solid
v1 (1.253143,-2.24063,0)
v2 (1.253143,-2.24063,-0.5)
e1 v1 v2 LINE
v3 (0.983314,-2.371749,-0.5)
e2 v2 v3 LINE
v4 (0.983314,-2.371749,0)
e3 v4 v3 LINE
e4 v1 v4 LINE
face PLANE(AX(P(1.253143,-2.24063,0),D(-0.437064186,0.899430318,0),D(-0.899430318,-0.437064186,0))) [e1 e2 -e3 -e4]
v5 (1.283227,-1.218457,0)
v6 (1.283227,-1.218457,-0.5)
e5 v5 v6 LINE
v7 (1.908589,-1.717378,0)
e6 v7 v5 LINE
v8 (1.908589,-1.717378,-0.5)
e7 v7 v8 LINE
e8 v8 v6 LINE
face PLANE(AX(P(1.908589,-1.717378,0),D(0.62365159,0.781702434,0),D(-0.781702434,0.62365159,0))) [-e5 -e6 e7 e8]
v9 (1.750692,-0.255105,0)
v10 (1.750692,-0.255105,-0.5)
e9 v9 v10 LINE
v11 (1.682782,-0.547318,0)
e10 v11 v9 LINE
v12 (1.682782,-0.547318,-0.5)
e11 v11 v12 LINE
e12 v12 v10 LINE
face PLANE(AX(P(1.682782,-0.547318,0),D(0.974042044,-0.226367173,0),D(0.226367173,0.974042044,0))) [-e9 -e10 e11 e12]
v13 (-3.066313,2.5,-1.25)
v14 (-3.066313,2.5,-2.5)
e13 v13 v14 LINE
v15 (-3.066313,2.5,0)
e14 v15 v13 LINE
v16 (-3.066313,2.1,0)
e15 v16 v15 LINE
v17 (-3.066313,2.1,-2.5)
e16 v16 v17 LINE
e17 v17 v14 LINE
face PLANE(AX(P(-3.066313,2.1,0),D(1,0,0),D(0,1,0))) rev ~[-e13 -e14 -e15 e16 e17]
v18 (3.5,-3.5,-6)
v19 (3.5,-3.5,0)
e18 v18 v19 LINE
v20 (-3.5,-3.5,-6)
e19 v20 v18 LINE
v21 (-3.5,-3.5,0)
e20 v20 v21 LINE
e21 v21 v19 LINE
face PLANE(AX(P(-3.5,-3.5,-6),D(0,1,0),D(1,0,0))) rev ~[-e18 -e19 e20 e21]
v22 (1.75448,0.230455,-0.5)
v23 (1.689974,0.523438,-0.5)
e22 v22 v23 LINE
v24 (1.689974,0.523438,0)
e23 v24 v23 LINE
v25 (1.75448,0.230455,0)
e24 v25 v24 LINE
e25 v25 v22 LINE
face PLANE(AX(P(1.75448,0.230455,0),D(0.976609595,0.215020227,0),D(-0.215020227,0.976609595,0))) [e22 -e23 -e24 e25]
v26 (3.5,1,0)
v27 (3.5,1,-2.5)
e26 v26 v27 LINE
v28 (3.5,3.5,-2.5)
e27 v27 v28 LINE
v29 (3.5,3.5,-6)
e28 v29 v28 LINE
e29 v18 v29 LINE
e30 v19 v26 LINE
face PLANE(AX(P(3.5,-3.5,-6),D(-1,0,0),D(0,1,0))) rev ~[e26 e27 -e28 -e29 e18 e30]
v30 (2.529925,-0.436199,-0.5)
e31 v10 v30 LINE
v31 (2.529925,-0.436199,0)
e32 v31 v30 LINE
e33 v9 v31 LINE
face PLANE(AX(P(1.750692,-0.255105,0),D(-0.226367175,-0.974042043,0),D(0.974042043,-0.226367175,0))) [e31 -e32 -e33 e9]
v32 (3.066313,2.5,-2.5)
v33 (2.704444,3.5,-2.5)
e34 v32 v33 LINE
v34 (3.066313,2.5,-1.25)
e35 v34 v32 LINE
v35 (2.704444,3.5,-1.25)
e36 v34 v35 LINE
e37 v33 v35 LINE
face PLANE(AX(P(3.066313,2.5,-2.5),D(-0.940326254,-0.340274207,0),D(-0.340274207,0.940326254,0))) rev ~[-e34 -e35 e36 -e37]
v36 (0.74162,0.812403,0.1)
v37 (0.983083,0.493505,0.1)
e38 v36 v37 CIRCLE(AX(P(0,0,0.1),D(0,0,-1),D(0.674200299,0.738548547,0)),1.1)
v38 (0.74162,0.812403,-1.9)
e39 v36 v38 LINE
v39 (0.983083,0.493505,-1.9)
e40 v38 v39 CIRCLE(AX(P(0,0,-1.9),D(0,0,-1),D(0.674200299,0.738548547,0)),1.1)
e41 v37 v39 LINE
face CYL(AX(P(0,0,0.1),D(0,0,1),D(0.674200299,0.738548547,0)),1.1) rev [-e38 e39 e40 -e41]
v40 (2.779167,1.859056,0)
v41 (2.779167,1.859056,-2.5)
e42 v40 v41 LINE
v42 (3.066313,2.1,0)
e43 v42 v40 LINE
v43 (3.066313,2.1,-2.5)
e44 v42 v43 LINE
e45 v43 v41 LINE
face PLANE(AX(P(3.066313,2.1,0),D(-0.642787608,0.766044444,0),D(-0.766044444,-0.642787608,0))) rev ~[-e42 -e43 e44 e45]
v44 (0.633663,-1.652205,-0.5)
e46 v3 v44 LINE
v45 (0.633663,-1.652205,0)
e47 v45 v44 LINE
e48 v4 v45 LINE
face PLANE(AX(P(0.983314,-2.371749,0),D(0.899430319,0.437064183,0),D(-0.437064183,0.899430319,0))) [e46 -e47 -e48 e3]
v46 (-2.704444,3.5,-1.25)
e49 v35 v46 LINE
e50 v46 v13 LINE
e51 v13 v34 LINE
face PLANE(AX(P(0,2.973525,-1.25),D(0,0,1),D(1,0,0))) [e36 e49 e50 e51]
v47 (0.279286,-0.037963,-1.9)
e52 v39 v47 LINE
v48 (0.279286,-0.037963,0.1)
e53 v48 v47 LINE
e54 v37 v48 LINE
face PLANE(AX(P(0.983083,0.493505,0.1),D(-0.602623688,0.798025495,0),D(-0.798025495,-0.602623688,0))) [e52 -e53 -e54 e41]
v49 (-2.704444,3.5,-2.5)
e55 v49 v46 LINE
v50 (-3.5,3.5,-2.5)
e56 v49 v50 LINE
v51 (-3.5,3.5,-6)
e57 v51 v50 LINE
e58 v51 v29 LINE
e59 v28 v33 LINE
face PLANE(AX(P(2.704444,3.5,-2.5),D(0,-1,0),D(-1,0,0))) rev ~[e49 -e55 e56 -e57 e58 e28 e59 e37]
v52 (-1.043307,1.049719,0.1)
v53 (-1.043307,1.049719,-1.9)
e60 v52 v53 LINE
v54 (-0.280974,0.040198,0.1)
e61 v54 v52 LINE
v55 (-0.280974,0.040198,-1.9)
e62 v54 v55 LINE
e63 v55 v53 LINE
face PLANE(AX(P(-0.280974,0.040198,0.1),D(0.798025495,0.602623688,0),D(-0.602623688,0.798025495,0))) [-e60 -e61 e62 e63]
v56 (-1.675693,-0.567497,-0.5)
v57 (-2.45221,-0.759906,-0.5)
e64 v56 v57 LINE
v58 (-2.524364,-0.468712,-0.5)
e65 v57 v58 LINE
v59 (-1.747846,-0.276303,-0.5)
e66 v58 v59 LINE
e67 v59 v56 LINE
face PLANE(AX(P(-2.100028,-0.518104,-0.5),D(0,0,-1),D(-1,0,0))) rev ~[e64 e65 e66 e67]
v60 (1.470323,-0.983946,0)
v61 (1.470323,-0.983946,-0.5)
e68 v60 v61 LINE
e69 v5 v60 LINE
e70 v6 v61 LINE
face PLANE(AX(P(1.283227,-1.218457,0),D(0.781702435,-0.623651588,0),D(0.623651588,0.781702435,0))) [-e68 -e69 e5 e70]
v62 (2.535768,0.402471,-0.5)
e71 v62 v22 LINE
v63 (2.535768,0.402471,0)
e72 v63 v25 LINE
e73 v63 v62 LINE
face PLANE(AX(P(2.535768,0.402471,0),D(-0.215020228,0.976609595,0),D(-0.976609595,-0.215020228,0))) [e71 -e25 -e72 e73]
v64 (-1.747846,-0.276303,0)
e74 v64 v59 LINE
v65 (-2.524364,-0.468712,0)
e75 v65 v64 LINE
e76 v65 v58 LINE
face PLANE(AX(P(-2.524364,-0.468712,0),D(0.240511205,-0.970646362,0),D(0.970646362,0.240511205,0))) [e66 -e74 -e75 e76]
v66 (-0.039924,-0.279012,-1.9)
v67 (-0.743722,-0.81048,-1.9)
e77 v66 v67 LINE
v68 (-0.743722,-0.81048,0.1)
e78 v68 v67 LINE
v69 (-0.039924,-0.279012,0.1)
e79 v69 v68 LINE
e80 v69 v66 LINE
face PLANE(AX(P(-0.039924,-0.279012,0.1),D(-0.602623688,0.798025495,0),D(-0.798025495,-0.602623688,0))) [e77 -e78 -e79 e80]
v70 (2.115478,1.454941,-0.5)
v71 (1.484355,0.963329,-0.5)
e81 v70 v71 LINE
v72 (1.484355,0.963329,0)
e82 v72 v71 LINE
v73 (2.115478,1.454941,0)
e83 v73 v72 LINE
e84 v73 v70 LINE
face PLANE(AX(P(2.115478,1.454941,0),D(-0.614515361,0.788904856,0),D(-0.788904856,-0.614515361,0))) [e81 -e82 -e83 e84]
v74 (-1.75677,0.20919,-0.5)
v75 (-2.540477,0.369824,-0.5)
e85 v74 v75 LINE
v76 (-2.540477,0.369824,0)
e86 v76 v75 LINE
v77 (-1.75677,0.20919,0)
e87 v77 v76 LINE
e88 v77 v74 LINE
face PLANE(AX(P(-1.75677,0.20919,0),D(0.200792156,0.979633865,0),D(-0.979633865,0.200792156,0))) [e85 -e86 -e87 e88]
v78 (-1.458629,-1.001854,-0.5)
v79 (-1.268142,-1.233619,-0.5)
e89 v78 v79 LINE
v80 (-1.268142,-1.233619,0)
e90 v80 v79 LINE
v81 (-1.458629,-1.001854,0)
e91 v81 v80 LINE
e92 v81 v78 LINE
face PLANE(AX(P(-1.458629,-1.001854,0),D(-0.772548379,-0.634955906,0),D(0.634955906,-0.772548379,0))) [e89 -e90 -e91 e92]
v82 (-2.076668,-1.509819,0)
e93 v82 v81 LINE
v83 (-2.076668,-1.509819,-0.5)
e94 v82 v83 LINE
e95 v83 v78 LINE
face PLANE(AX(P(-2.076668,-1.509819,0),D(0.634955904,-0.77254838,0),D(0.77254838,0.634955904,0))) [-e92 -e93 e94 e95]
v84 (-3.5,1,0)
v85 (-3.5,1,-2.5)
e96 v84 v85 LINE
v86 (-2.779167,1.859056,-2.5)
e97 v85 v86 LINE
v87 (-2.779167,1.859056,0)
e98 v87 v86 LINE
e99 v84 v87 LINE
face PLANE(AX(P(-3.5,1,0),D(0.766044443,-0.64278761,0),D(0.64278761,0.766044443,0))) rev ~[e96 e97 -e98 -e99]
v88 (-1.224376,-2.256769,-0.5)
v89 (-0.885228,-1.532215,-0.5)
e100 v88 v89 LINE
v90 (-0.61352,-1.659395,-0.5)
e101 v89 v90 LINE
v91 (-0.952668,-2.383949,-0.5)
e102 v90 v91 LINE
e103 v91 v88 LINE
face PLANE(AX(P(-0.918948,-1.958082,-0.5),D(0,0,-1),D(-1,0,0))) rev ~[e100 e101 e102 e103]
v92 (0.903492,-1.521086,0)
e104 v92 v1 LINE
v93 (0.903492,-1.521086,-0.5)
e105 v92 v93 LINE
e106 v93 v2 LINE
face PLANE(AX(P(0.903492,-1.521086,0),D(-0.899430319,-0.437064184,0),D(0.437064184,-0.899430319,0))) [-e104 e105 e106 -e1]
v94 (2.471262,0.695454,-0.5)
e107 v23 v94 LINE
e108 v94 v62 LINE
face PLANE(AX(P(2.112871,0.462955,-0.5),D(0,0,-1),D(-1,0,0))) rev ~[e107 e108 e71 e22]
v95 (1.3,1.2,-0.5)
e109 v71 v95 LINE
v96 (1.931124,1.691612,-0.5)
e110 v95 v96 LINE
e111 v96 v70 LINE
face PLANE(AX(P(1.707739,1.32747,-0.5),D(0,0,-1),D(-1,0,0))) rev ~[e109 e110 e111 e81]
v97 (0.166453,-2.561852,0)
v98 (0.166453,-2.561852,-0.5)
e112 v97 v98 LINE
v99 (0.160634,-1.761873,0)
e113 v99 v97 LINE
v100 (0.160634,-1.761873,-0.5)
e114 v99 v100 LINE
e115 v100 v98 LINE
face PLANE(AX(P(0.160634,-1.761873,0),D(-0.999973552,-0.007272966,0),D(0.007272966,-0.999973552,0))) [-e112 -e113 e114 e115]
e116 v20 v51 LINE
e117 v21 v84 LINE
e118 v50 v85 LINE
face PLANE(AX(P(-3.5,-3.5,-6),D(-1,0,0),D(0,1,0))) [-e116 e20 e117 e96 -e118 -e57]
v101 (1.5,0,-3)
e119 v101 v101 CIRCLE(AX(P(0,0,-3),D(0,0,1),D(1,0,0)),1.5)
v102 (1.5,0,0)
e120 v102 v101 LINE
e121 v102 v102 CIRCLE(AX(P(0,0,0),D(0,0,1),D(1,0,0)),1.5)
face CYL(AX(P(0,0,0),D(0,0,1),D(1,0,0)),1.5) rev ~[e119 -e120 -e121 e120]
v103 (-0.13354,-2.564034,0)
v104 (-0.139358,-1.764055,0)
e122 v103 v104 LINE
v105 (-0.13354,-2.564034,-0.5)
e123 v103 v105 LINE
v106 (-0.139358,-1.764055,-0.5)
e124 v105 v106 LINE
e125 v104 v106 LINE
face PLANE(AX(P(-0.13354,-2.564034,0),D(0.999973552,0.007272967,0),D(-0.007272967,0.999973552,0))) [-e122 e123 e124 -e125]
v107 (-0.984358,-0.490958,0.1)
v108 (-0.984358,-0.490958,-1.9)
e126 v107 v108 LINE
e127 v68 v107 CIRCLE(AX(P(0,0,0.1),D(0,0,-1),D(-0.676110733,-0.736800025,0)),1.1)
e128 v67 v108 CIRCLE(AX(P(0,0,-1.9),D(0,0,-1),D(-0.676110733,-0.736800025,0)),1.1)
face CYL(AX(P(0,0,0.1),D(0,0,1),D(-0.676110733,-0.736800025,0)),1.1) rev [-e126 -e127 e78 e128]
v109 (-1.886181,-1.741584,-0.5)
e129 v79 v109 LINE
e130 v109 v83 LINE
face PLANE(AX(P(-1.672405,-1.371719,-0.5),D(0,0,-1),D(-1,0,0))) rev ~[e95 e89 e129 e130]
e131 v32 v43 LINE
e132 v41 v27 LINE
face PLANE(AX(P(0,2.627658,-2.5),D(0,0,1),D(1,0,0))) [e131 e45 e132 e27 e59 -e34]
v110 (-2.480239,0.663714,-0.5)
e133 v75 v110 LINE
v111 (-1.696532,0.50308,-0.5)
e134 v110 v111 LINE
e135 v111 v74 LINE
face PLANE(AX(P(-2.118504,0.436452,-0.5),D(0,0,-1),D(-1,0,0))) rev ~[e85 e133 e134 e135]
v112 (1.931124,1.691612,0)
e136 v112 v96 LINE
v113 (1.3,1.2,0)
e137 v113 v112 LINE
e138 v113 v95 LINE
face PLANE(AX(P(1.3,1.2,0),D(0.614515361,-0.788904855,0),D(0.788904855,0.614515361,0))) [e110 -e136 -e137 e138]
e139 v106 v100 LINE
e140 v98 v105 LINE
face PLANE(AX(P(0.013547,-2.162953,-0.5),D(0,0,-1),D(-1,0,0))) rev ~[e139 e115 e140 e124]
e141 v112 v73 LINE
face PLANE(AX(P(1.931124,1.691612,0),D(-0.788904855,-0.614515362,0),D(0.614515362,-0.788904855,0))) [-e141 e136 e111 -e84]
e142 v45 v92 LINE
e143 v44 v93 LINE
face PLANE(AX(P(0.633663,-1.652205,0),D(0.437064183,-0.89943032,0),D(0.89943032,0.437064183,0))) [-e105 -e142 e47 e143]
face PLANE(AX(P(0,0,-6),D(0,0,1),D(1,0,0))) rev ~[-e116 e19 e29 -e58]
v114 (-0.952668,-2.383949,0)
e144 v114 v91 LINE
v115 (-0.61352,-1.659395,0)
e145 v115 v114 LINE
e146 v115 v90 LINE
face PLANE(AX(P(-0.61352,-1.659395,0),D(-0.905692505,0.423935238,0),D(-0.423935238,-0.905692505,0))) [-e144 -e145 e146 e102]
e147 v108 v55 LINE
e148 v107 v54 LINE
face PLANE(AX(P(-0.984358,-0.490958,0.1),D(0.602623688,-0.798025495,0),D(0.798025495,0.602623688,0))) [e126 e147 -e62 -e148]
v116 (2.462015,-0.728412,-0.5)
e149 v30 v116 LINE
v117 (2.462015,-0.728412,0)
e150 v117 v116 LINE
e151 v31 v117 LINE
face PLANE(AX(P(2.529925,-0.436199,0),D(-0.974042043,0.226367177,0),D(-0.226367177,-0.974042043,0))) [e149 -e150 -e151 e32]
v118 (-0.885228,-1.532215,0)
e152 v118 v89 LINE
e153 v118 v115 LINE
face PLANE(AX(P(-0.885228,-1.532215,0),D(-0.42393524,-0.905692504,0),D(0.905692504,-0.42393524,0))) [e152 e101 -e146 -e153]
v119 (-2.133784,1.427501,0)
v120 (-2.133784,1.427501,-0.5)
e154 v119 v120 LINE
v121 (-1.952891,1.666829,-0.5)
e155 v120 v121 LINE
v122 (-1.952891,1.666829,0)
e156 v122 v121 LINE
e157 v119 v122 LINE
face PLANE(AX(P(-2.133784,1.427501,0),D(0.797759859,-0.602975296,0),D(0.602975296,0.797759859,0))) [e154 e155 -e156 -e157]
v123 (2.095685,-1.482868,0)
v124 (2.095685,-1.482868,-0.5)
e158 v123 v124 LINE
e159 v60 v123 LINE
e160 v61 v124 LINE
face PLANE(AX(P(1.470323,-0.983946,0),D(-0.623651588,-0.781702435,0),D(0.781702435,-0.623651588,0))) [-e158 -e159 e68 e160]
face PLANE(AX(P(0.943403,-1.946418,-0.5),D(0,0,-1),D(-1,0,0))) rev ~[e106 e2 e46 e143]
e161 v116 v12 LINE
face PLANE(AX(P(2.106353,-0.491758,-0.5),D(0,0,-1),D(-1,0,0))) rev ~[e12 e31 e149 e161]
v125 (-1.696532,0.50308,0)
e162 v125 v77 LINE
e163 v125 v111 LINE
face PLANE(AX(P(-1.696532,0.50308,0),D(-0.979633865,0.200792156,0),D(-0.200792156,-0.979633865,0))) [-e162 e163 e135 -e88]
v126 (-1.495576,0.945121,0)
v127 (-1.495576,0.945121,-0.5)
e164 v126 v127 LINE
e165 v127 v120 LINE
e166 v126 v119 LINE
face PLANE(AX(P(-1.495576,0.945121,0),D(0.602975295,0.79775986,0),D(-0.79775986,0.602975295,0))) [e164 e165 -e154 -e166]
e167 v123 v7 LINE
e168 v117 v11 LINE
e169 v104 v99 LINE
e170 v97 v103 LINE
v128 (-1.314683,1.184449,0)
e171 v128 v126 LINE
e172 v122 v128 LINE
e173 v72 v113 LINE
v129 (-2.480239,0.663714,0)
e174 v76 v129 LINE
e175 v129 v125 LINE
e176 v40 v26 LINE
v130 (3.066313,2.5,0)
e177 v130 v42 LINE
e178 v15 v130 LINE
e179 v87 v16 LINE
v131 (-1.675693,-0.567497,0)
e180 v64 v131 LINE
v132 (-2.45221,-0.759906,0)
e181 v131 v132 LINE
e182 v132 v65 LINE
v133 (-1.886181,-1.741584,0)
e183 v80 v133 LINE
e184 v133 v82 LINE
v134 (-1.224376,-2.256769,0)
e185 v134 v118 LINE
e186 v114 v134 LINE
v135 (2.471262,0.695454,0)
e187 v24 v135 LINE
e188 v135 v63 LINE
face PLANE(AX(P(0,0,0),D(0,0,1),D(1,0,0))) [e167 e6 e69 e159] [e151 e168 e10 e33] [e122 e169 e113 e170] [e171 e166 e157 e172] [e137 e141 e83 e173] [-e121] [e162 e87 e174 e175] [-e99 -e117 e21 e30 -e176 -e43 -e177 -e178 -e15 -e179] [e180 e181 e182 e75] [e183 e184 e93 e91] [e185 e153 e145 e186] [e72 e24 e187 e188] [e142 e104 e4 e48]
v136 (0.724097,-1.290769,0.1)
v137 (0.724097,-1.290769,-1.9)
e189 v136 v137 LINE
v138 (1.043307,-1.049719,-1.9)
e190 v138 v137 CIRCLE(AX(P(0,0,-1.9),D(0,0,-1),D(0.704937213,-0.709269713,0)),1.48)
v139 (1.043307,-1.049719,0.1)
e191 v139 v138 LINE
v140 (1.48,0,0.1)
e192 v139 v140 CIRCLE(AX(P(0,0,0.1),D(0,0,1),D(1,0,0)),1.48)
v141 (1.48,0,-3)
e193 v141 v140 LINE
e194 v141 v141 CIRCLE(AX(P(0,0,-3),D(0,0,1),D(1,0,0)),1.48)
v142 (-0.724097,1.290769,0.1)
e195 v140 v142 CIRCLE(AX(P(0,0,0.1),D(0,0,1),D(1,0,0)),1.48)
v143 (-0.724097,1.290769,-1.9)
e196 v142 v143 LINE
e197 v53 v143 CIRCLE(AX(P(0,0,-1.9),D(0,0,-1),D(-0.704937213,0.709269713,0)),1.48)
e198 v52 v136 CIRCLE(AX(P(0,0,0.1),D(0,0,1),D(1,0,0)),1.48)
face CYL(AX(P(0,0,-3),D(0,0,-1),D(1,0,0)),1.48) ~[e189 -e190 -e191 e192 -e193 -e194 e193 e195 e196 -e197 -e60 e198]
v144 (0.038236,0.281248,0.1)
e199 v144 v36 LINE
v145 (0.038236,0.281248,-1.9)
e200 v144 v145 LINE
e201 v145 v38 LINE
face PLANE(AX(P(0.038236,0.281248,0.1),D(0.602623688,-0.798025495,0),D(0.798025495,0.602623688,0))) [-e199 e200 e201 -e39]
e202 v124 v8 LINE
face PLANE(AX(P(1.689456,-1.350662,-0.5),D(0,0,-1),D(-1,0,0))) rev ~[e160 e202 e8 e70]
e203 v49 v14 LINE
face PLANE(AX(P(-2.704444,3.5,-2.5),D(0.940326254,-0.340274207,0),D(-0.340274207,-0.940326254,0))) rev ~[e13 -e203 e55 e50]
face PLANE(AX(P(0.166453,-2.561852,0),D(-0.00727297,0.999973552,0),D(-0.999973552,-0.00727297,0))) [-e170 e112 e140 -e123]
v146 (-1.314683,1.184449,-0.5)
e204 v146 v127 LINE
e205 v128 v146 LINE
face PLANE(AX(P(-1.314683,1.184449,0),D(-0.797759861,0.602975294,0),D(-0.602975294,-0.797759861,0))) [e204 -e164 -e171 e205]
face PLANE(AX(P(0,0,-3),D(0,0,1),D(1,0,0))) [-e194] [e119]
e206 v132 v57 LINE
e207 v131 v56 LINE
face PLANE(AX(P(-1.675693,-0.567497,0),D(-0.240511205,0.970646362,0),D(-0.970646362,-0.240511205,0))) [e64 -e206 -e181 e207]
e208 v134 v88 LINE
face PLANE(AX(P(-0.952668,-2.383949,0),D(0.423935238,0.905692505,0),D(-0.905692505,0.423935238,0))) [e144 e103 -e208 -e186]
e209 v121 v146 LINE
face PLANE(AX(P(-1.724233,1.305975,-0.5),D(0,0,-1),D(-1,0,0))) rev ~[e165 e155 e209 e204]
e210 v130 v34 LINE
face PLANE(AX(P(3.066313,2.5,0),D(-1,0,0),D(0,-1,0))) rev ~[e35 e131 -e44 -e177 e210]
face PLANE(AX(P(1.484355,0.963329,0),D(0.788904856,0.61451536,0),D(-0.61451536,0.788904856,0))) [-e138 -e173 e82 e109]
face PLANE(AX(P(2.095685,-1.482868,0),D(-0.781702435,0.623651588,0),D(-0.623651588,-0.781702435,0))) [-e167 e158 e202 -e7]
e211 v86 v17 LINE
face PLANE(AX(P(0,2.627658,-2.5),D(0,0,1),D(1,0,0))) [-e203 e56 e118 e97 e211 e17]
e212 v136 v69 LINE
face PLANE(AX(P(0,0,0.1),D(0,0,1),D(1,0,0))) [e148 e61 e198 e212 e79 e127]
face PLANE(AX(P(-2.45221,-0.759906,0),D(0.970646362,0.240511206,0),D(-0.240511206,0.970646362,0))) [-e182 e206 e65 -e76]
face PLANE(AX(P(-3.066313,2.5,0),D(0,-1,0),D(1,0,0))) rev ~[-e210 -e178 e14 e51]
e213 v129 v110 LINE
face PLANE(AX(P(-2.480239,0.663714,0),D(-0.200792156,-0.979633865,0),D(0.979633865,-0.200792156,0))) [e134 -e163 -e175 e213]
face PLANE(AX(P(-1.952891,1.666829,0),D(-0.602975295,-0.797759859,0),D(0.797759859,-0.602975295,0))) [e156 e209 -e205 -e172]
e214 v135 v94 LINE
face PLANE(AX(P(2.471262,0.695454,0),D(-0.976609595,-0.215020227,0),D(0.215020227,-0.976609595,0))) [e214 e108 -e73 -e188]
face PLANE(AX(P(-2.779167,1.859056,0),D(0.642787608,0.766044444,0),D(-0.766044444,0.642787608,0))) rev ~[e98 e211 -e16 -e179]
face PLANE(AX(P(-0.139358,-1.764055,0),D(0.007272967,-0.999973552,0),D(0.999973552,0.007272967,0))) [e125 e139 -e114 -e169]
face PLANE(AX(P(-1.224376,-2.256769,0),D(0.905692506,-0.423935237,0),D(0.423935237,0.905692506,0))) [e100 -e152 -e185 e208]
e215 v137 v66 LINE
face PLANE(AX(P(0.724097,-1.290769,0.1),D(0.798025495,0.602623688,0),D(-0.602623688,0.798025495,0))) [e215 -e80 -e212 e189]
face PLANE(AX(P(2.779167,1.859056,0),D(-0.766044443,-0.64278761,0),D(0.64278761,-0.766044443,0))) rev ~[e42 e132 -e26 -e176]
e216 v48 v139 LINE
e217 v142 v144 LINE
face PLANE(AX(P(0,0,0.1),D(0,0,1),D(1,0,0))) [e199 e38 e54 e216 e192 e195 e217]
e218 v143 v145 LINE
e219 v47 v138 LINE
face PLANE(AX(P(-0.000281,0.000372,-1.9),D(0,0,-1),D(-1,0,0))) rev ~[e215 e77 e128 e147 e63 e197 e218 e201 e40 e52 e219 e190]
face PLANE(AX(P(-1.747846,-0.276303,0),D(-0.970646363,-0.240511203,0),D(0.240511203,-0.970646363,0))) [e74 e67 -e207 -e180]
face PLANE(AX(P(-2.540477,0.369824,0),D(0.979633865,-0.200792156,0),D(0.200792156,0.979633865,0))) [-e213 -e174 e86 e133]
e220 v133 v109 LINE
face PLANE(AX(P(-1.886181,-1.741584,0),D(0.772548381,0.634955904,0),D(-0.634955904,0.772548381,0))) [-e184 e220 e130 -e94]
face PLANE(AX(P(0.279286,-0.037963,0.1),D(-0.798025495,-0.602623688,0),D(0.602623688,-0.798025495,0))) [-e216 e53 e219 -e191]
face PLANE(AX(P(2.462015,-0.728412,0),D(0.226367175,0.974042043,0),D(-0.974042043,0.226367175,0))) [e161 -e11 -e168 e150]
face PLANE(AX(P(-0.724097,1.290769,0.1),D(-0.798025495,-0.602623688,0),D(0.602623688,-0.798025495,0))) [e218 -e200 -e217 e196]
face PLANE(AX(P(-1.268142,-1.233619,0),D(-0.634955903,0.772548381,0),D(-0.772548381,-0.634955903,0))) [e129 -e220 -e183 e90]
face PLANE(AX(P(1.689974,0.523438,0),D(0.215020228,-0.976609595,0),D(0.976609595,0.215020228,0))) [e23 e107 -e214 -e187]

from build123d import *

# Parameters (mm, degrees)
BASE_EXTRUDE_START  = -6
SKETCH1_W           = 7
SKETCH1_H           = 7
BASE_EXTRUDE_DEPTH  = 6
SKETCH2_R           = 1.5
CUT_EXTRUDE1_DEPTH  = 3
SKETCH3_R           = 1.48
BOSS_EXTRUDE1_DEPTH = 3.1
CUT_EXTRUDE2_DEPTH  = 2
CUT_EXTRUDE3_DEPTH  = 0.5
CUT_EXTRUDE4_DEPTH  = 2.5
BOSS_EXTRUDE2_DEPTH = 1.25


with BuildPart() as part:
    # Sketch1 → Base-Extrude (new body)
    with BuildSketch(Plane.XY.offset(BASE_EXTRUDE_START)):
        Rectangle(SKETCH1_W, SKETCH1_H)
    extrude(amount=BASE_EXTRUDE_DEPTH)

    # Sketch2 → Cut-Extrude1 (cut)
    with BuildSketch(Plane.XY):
        Circle(SKETCH2_R)
    extrude(amount=-CUT_EXTRUDE1_DEPTH, mode=Mode.SUBTRACT)

    # Sketch3 → Boss-Extrude1 (add)
    with BuildSketch(Plane.XY.offset(-3)):
        Circle(SKETCH3_R)
    extrude(amount=BOSS_EXTRUDE1_DEPTH)

    # Sketch4 → Cut-Extrude2 (cut)
    with BuildSketch(Plane.XY.offset(0.1)):
        with BuildLine():
            Line((0.724096874, -1.290768654), (-0.039924426, -0.279012083))
            Line((-0.039924426, -0.279012083), (-0.743721804, -0.81048003))
            ThreePointArc((-0.743721804, -0.81048003), (-0.87868568, -0.661748801), (-0.984357933, -0.490957696))
            Line((-0.984357933, -0.490957696), (-0.280973901, 0.040198115))
            Line((-0.280973901, 0.040198115), (-1.043307072, 1.049719178))
            ThreePointArc((-1.043307072, 1.049719178), (-0.891883058, 1.181077733), (-0.724096874, 1.290768654))
            Line((-0.724096874, 1.290768654), (0.038236297, 0.28124759))
            Line((0.038236297, 0.28124759), (0.741620329, 0.812403402))
            ThreePointArc((0.741620329, 0.812403402), (0.876968937, 0.664022201), (0.98308315, 0.493505339))
            Line((0.98308315, 0.493505339), (0.279285772, -0.037962608))
            Line((0.279285772, -0.037962608), (1.043307072, -1.049719178))
            ThreePointArc((1.043307072, -1.049719178), (0.891883058, -1.181077733), (0.724096874, -1.290768654))
        make_face()
    extrude(amount=-CUT_EXTRUDE2_DEPTH, mode=Mode.SUBTRACT)

    # Sketch5 → Cut-Extrude3 (cut)
    with BuildSketch(Plane.XY):
        Polygon((1.3, 1.2), (1.931123884, 1.691612289), (2.115478493, 1.454940832), (1.484354608, 0.963328543), align=None)
        Polygon((1.689974186, 0.523437915), (2.471261862, 0.695454097), (2.53576793, 0.402471219), (1.754480254, 0.230455037), align=None)
        Polygon((1.750691662, -0.255105281), (2.529925297, -0.436199021), (2.462015144, -0.728411634), (1.68278151, -0.547317894), align=None)
        Polygon((1.470322877, -0.98394646), (2.095684825, -1.482867731), (1.908589348, -1.717378462), (1.283227401, -1.21845719), align=None)
        Polygon((0.903491923, -1.52108591), (1.25314327, -2.240630165), (0.983314174, -2.371749421), (0.633662827, -1.652205165), align=None)
        Polygon((0.160634151, -1.761873057), (0.166452524, -2.561851898), (-0.133539541, -2.564033789), (-0.139357915, -1.764054947), align=None)
        Polygon((-0.613519882, -1.659395479), (-0.952668072, -2.383949483), (-1.224375823, -2.256768912), (-0.885227633, -1.532214907), align=None)
        Polygon((-1.268142184, -1.233618823), (-1.886180889, -1.741583546), (-2.07666766, -1.509819032), (-1.458628956, -1.001854309), align=None)
        Polygon((-1.675693067, -0.567496913), (-2.452210156, -0.759905877), (-2.524363518, -0.468711968), (-1.747846428, -0.276303004), align=None)
        Polygon((-1.756769622, 0.209190097), (-2.540476714, 0.369823822), (-2.480239067, 0.663713982), (-1.696531975, 0.503080257), align=None)
        Polygon((-1.49557575, 0.94512072), (-2.133783638, 1.427500956), (-1.952891049, 1.666828914), (-1.314683162, 1.184448678), align=None)
    extrude(amount=-CUT_EXTRUDE3_DEPTH, mode=Mode.SUBTRACT)

    # Sketch7 → Cut-Extrude4 (cut)
    with BuildSketch(Plane.XY):
        Polygon((3.5, 3.5), (-3.5, 3.5), (-3.5, 1), (-2.779166508, 1.859055904), (-3.066312501, 2.1), (-3.066312501, 2.5), (3.066312501, 2.5), (3.066312501, 2.1), (2.779166508, 1.859055904), (3.5, 1), align=None)
    extrude(amount=-CUT_EXTRUDE4_DEPTH, mode=Mode.SUBTRACT)

    # Sketch8 → Boss-Extrude2 (add)
    with BuildSketch(Plane.XY.offset(-2.5)):
        Polygon((-3.066312501, 2.5), (3.066312501, 2.5), (2.70444426, 3.5), (-2.70444426, 3.5), align=None)
    extrude(amount=BOSS_EXTRUDE2_DEPTH)


solid = part.part
